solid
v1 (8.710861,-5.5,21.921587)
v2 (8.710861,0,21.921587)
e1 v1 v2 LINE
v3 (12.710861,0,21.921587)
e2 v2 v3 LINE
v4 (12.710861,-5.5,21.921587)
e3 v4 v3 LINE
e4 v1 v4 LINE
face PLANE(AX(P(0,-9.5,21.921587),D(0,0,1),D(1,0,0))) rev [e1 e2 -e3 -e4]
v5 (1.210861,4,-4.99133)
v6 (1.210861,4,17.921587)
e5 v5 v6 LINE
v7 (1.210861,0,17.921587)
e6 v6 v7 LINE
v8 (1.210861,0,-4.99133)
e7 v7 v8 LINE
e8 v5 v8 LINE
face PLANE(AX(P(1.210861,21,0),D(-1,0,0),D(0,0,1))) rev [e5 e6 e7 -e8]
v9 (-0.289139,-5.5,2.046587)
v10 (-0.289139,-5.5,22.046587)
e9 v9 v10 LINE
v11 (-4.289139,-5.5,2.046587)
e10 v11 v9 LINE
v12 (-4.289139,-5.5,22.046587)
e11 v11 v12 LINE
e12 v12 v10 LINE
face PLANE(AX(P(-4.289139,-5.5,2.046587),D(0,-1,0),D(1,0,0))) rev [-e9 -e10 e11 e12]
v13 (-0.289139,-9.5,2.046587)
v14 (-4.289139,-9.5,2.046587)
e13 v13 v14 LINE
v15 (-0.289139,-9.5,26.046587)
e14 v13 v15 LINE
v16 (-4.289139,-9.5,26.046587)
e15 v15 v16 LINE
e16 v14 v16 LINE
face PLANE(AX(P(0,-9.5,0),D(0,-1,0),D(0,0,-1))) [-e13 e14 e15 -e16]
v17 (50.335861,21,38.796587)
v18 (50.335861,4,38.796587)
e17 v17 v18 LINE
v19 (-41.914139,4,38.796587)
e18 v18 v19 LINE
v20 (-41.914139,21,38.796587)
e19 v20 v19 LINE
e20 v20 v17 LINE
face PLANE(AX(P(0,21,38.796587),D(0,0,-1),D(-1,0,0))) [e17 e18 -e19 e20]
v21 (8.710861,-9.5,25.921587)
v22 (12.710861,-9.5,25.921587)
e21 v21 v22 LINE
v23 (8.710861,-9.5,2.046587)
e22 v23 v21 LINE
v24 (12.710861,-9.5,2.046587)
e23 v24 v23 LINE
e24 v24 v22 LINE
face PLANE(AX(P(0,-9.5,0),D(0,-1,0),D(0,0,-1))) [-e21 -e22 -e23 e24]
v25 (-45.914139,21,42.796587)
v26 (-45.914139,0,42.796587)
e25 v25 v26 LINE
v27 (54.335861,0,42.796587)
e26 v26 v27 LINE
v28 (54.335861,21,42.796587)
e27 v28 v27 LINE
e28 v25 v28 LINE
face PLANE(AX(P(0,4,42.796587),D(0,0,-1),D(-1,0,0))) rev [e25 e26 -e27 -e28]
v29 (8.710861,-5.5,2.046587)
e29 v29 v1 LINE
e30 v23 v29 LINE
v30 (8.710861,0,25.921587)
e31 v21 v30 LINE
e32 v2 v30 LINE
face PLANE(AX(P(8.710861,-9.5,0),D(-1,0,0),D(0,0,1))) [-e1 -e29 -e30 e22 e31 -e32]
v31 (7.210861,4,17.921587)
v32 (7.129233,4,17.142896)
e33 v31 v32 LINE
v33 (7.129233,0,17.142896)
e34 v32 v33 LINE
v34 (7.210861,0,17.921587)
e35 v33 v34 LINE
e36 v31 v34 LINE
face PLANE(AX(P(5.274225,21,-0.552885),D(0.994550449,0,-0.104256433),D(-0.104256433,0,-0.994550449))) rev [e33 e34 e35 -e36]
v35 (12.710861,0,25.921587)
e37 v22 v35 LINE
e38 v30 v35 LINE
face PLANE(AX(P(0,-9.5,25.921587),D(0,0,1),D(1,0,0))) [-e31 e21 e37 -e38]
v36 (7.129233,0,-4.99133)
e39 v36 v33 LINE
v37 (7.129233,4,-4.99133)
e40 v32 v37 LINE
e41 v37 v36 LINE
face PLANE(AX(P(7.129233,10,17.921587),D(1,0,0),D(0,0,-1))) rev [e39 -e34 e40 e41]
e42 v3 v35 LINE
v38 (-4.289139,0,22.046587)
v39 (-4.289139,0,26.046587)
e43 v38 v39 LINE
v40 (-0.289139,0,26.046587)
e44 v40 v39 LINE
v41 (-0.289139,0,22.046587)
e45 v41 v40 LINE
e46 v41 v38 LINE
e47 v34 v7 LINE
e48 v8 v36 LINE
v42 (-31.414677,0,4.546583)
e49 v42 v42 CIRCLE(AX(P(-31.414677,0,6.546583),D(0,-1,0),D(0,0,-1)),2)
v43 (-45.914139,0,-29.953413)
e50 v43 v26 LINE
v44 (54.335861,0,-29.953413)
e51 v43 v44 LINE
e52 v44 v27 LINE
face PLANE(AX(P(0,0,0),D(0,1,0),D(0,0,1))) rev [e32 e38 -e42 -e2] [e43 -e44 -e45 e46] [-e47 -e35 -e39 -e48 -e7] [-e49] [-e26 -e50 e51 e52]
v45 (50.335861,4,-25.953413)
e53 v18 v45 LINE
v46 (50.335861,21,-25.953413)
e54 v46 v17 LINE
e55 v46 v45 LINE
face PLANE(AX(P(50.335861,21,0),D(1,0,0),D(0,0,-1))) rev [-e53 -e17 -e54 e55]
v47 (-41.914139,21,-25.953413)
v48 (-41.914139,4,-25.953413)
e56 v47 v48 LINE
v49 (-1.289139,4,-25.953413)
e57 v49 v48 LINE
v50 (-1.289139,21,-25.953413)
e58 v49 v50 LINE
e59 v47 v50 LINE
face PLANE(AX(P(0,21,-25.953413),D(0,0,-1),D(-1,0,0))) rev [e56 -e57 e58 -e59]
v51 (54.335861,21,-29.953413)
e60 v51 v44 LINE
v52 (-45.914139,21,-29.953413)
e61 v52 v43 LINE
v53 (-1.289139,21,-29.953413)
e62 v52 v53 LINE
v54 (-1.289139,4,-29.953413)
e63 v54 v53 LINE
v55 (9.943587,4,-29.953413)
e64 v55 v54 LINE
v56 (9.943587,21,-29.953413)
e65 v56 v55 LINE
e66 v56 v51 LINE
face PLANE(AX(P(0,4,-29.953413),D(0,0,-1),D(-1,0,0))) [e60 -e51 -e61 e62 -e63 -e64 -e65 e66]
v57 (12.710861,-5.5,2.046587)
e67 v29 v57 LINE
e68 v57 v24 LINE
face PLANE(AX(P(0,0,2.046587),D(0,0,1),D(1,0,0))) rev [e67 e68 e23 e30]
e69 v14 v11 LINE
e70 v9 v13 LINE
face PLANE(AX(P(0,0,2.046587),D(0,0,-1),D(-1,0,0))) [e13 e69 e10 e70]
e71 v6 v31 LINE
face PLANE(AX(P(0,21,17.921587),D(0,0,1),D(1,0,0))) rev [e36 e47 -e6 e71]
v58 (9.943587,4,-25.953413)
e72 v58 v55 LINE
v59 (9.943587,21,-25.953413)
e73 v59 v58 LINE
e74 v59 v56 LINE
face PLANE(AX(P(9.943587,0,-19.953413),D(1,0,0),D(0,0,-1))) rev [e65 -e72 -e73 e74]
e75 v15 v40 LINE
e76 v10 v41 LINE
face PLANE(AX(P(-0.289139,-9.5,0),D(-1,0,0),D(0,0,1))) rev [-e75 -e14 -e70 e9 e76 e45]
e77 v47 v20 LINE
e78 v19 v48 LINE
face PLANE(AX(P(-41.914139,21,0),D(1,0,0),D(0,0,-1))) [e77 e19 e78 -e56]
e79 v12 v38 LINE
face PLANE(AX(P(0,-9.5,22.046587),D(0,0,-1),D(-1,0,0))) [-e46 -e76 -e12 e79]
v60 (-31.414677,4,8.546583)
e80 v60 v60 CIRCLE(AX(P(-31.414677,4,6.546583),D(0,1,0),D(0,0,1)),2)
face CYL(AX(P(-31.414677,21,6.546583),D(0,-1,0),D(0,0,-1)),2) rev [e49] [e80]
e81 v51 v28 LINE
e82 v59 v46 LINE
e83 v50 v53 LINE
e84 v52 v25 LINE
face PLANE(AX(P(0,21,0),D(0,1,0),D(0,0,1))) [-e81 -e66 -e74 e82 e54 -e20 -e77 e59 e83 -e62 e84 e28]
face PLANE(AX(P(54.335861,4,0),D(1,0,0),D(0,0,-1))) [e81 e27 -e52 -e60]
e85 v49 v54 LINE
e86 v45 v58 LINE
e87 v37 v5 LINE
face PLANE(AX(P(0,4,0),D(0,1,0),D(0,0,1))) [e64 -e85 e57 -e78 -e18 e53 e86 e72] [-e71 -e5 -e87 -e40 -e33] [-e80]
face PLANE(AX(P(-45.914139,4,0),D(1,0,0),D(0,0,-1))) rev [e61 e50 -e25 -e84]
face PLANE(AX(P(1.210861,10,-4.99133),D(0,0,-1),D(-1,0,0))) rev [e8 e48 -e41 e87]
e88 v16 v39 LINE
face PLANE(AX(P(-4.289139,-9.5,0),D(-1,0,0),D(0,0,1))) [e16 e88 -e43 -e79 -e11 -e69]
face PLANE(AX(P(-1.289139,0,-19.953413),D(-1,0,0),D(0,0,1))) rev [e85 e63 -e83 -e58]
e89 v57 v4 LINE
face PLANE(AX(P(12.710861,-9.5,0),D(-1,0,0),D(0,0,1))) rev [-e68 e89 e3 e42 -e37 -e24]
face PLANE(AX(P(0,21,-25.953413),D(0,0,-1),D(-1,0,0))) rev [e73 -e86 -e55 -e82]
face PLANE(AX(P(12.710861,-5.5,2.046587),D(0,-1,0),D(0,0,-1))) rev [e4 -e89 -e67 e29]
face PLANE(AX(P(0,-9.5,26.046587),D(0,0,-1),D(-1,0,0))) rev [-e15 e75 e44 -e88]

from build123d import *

# Parameters (mm, degrees)
SKETCH1_W           = 100.25
SKETCH1_H           = 72.75
BOSS_EXTRUDE1_DEPTH = 4
SKETCH1_3_W         = 100.25
SKETCH1_3_H         = 72.75
SKETCH1_3_W_2       = 92.25
SKETCH1_3_H_2       = 64.75
BOSS_EXTRUDE2_DEPTH = 21
CUT_EXTRUDE1_DEPTH  = 21
CUT_EXTRUDE3_DEPTH  = 21
SKETCH5_W           = 4
SKETCH5_H           = 4
BOSS_EXTRUDE3_DEPTH = 9.5
SKETCH7_W           = 4
SKETCH7_H           = 4
BOSS_EXTRUDE4_DEPTH = 20
SKETCH8_W           = 11.232726049
SKETCH8_H           = 17
CUT_EXTRUDE4_DEPTH  = 10
SKETCH10_W          = 5.918371549
SKETCH10_H          = 22.91291731
CUT_EXTRUDE5_DEPTH  = 10


with BuildPart() as part:
    # Sketch1 → Boss-Extrude1 (new body)
    with BuildSketch(Plane(origin=(0, 0, 0), x_dir=(1, 0, 0), z_dir=(0, 1, 0))):
        with Locations((4.210861322, -6.421587216)):
            Rectangle(SKETCH1_W, SKETCH1_H)
    extrude(amount=BOSS_EXTRUDE1_DEPTH)

    # Sketch1<3> → Boss-Extrude2 (add)
    with BuildSketch(Plane(origin=(0, 0, 0), x_dir=(1, 0, 0), z_dir=(0, 1, 0))):
        with Locations((4.210861322, -6.421587216)):
            Rectangle(SKETCH1_3_W, SKETCH1_3_H)
        with Locations((4.210861322, -6.421587216)):
            Rectangle(SKETCH1_3_W_2, SKETCH1_3_H_2, mode=Mode.SUBTRACT)
    extrude(amount=BOSS_EXTRUDE2_DEPTH)

    # Sketch2 → Cut-Extrude1 (cut)
    with BuildSketch(Plane.XZ):
        Polygon((1.210861322, 17.921587216), (1.210861322, -4.953073118), (4.812963363, -4.953073118), (7.210861322, 17.921587216), align=None)
    extrude(amount=-CUT_EXTRUDE1_DEPTH, mode=Mode.SUBTRACT)

    # Sketch2<4> → Cut-Extrude3 (cut)
    with BuildSketch(Plane.XZ):
        with BuildLine():
            ThreePointArc((-33.414603129, 6.529341832), (-31.406056992, 4.546601149), (-29.414677441, 6.546582571))
            ThreePointArc((-29.414677441, 6.546582571), (-31.423297891, 8.546563993), (-33.414603129, 6.529341832))
        make_face()
    extrude(amount=-CUT_EXTRUDE3_DEPTH, mode=Mode.SUBTRACT)

    # Sketch5 → Boss-Extrude3 (add)
    with BuildSketch(Plane(origin=(0, 0, 0), x_dir=(-1, 0, 0), z_dir=(0, -1, 0))):
        with Locations((-10.710861322, -23.921587216)):
            Rectangle(SKETCH5_W, SKETCH5_H)
        with Locations((2.289138678, -24.046587216)):
            Rectangle(SKETCH5_W, SKETCH5_H)
    extrude(amount=BOSS_EXTRUDE3_DEPTH)

    # Sketch7 → Boss-Extrude4 (add)
    with BuildSketch(Plane(origin=(0, 0, 22.046587216), x_dir=(-1, 0, 0), z_dir=(0, 0, -1))):
        with Locations((2.289138678, -7.5)):
            Rectangle(SKETCH7_W, SKETCH7_H)
        with Locations((-10.710861322, -7.5)):
            Rectangle(SKETCH7_W, SKETCH7_H)
    extrude(amount=BOSS_EXTRUDE4_DEPTH)

    # Sketch8 → Cut-Extrude4 (cut)
    with BuildSketch(Plane(origin=(0, 0, -29.953412784), x_dir=(-1, 0, 0), z_dir=(0, 0, -1))):
        with Locations((-4.327224347, 12.5)):
            Rectangle(SKETCH8_W, SKETCH8_H)
    extrude(amount=-CUT_EXTRUDE4_DEPTH, mode=Mode.SUBTRACT)

    # Sketch10 → Cut-Extrude5 (cut)
    with BuildSketch(Plane.XZ):
        with Locations((4.170047097, 6.465128561)):
            Rectangle(SKETCH10_W, SKETCH10_H)
    extrude(amount=-CUT_EXTRUDE5_DEPTH, mode=Mode.SUBTRACT)


solid = part.part
